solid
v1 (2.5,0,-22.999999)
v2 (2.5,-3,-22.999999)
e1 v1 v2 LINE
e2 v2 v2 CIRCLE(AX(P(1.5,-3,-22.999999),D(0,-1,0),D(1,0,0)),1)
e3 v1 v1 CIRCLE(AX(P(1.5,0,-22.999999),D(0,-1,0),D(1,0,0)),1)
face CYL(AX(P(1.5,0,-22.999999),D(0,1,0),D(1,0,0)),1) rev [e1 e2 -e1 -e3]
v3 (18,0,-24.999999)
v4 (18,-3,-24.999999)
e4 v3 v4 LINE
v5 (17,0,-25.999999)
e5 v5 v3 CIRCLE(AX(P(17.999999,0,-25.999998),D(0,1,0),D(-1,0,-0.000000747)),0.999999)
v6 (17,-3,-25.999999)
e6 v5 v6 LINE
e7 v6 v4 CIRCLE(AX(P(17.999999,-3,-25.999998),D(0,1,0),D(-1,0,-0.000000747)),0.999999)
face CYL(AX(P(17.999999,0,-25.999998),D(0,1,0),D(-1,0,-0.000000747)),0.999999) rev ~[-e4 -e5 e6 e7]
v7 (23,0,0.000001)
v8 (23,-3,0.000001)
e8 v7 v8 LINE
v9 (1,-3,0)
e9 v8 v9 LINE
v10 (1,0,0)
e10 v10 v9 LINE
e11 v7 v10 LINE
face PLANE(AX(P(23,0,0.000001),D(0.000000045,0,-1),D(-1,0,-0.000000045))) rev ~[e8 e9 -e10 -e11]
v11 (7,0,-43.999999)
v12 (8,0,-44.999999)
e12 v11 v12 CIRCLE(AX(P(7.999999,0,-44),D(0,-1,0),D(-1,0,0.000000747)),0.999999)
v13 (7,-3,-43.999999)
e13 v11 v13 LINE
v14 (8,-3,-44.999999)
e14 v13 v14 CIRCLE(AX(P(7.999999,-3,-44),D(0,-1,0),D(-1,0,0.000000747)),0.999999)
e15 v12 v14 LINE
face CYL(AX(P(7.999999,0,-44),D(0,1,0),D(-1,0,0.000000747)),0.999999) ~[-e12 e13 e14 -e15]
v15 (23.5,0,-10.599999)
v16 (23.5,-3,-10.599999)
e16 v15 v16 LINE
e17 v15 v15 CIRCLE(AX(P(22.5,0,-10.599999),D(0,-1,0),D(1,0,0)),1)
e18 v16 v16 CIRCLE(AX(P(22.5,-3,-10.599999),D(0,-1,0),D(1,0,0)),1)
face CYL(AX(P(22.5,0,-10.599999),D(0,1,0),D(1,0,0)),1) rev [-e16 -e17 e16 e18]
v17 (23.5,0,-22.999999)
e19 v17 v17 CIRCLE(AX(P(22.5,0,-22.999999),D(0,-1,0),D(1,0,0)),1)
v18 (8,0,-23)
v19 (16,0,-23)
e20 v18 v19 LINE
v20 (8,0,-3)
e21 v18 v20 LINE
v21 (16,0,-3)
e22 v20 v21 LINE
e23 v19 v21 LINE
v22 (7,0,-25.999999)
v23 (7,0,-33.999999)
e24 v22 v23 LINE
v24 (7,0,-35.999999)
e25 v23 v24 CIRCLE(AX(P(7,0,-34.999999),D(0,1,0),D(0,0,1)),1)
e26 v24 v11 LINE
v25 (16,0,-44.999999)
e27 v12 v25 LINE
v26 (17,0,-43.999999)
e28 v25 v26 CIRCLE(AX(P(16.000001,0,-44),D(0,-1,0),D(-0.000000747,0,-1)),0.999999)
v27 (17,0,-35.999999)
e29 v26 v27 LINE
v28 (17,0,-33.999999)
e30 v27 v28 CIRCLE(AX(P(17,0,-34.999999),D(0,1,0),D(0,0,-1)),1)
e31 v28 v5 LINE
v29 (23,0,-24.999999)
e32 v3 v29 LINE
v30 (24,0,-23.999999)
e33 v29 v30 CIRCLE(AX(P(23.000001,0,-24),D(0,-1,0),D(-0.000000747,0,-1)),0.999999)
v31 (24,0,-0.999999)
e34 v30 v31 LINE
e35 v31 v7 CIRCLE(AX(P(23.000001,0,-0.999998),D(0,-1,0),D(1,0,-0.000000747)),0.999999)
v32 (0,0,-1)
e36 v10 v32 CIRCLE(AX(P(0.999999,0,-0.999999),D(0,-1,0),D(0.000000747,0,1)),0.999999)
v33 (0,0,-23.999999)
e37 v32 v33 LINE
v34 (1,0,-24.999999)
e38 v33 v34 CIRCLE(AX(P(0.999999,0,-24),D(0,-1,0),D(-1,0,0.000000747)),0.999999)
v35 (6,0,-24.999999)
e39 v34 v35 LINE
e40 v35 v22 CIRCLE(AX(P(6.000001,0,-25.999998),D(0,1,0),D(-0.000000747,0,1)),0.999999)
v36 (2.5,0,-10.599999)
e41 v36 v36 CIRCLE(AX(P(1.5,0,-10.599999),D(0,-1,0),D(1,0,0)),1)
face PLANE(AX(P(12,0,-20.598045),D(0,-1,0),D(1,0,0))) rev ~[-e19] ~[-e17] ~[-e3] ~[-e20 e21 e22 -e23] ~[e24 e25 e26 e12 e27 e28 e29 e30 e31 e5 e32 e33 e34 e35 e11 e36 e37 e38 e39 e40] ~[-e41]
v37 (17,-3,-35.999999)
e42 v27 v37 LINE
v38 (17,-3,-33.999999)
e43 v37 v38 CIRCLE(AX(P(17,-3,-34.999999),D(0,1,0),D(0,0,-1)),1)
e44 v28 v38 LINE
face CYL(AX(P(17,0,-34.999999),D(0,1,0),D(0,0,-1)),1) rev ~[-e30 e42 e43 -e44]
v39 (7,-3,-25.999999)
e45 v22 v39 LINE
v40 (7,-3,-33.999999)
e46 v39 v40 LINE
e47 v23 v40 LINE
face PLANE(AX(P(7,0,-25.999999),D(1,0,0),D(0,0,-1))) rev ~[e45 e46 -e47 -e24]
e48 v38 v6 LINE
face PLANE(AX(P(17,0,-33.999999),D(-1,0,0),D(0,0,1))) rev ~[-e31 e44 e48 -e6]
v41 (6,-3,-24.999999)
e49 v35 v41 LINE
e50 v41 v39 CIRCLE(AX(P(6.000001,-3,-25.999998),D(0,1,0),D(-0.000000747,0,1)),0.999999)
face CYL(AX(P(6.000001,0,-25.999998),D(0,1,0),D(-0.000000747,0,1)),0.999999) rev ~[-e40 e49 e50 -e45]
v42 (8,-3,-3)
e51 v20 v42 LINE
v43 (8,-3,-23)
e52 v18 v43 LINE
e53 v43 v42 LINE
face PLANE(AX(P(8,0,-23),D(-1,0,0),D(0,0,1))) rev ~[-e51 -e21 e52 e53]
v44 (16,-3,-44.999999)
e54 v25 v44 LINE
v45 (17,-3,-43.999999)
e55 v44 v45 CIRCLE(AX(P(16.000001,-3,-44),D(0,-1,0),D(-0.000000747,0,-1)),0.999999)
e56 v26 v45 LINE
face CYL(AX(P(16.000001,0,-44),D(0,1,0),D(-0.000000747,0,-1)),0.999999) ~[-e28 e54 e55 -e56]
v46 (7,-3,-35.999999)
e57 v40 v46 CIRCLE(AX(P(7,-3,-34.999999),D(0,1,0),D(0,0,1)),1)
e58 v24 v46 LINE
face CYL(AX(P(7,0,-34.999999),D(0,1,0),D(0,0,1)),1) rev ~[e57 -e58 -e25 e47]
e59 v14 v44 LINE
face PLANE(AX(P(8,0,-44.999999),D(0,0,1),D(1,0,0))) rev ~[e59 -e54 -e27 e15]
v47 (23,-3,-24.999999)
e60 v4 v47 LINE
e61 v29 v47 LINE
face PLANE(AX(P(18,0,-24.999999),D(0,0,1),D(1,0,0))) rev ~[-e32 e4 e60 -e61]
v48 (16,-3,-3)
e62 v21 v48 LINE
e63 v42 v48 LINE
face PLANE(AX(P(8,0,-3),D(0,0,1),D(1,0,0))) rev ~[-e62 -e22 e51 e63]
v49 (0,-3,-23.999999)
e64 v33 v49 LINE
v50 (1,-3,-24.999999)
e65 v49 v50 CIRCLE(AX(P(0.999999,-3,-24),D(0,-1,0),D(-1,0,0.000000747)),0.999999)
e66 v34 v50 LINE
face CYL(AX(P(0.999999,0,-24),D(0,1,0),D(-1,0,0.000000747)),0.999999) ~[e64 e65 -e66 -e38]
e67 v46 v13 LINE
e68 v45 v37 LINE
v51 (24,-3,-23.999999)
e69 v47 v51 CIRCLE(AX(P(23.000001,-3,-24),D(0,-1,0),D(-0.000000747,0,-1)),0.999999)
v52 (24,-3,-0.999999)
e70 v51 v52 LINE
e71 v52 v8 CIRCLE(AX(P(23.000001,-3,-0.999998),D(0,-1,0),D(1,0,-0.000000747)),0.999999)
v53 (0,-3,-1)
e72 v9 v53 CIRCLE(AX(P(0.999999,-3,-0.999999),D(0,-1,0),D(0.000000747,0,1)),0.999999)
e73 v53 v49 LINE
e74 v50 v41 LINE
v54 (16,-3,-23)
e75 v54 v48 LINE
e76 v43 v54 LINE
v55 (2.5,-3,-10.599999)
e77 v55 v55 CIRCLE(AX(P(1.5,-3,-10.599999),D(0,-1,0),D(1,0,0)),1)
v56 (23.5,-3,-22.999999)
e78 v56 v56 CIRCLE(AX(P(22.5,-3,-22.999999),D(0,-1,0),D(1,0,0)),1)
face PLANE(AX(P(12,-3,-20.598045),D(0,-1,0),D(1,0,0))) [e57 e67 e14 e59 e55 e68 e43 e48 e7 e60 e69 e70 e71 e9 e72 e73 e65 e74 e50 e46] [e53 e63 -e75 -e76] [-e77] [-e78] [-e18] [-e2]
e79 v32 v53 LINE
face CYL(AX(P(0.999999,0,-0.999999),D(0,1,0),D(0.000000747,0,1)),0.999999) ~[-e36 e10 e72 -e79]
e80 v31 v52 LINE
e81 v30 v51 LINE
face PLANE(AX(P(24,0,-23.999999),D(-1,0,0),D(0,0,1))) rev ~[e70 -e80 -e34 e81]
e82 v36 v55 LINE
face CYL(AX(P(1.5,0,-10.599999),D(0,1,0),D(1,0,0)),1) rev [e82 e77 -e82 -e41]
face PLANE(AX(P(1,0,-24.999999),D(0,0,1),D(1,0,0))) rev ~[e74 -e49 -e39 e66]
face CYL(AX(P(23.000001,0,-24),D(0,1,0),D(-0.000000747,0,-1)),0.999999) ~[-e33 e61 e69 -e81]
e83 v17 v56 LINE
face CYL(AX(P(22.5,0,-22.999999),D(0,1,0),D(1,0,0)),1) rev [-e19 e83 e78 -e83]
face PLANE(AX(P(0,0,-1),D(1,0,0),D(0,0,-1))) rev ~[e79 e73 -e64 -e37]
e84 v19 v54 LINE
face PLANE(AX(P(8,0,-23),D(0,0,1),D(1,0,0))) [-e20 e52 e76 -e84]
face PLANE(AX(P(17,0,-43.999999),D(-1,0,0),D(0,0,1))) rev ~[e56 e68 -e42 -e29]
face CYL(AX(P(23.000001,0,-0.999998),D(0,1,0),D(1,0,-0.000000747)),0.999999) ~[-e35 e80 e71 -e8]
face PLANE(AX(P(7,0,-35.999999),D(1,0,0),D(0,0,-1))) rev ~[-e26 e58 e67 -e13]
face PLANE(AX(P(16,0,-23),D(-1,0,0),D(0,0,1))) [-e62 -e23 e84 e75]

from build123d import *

# Parameters (mm, degrees)
F0_R     = 1
F0_W     = 8
F0_H     = 20
F1_DEPTH = 3


with BuildPart() as f1:
    # F0 (on Front) → F1 (new body)
    with BuildSketch(Plane.XZ):
        with BuildLine():
            Line((23, 1e-06), (1, 0))
            ThreePointArc((1, 0), (0.292893, -0.292893), (0, -1))
            Line((0, -1), (0, -23.999999))
            ThreePointArc((0, -23.999999), (0.292893, -24.707106), (1, -24.999999))
            Line((1, -24.999999), (6, -24.999999))
            ThreePointArc((6, -24.999999), (6.707107, -25.292892), (7, -25.999999))
            Line((7, -25.999999), (7, -33.999999))
            ThreePointArc((7, -33.999999), (8, -34.999999), (7, -35.999999))
            Line((7, -35.999999), (7, -43.999999))
            ThreePointArc((7, -43.999999), (7.292893, -44.707106), (8, -44.999999))
            Line((8, -44.999999), (16, -44.999999))
            ThreePointArc((16, -44.999999), (16.707107, -44.707106), (17, -43.999999))
            Line((17, -43.999999), (17, -35.999999))
            ThreePointArc((17, -35.999999), (16, -34.999999), (17, -33.999999))
            Line((17, -33.999999), (17, -25.999999))
            ThreePointArc((17, -25.999999), (17.292893, -25.292892), (18, -24.999999))
            Line((18, -24.999999), (23, -24.999999))
            ThreePointArc((23, -24.999999), (23.707107, -24.707106), (24, -23.999999))
            Line((24, -23.999999), (24, -0.999999))
            ThreePointArc((24, -0.999999), (23.707107, -0.292892), (23, 1e-06))
        make_face()
        with Locations((1.5, -22.999999)):
            Circle(F0_R, mode=Mode.SUBTRACT)
        with Locations((22.5, -22.999999)):
            Circle(F0_R, mode=Mode.SUBTRACT)
        with Locations((1.5, -10.599999)):
            Circle(F0_R, mode=Mode.SUBTRACT)
        with Locations((12, -13)):
            Rectangle(F0_W, F0_H, mode=Mode.SUBTRACT)
        with Locations((22.5, -10.599999)):
            Circle(F0_R, mode=Mode.SUBTRACT)
    extrude(amount=F1_DEPTH)


solid = f1.part
